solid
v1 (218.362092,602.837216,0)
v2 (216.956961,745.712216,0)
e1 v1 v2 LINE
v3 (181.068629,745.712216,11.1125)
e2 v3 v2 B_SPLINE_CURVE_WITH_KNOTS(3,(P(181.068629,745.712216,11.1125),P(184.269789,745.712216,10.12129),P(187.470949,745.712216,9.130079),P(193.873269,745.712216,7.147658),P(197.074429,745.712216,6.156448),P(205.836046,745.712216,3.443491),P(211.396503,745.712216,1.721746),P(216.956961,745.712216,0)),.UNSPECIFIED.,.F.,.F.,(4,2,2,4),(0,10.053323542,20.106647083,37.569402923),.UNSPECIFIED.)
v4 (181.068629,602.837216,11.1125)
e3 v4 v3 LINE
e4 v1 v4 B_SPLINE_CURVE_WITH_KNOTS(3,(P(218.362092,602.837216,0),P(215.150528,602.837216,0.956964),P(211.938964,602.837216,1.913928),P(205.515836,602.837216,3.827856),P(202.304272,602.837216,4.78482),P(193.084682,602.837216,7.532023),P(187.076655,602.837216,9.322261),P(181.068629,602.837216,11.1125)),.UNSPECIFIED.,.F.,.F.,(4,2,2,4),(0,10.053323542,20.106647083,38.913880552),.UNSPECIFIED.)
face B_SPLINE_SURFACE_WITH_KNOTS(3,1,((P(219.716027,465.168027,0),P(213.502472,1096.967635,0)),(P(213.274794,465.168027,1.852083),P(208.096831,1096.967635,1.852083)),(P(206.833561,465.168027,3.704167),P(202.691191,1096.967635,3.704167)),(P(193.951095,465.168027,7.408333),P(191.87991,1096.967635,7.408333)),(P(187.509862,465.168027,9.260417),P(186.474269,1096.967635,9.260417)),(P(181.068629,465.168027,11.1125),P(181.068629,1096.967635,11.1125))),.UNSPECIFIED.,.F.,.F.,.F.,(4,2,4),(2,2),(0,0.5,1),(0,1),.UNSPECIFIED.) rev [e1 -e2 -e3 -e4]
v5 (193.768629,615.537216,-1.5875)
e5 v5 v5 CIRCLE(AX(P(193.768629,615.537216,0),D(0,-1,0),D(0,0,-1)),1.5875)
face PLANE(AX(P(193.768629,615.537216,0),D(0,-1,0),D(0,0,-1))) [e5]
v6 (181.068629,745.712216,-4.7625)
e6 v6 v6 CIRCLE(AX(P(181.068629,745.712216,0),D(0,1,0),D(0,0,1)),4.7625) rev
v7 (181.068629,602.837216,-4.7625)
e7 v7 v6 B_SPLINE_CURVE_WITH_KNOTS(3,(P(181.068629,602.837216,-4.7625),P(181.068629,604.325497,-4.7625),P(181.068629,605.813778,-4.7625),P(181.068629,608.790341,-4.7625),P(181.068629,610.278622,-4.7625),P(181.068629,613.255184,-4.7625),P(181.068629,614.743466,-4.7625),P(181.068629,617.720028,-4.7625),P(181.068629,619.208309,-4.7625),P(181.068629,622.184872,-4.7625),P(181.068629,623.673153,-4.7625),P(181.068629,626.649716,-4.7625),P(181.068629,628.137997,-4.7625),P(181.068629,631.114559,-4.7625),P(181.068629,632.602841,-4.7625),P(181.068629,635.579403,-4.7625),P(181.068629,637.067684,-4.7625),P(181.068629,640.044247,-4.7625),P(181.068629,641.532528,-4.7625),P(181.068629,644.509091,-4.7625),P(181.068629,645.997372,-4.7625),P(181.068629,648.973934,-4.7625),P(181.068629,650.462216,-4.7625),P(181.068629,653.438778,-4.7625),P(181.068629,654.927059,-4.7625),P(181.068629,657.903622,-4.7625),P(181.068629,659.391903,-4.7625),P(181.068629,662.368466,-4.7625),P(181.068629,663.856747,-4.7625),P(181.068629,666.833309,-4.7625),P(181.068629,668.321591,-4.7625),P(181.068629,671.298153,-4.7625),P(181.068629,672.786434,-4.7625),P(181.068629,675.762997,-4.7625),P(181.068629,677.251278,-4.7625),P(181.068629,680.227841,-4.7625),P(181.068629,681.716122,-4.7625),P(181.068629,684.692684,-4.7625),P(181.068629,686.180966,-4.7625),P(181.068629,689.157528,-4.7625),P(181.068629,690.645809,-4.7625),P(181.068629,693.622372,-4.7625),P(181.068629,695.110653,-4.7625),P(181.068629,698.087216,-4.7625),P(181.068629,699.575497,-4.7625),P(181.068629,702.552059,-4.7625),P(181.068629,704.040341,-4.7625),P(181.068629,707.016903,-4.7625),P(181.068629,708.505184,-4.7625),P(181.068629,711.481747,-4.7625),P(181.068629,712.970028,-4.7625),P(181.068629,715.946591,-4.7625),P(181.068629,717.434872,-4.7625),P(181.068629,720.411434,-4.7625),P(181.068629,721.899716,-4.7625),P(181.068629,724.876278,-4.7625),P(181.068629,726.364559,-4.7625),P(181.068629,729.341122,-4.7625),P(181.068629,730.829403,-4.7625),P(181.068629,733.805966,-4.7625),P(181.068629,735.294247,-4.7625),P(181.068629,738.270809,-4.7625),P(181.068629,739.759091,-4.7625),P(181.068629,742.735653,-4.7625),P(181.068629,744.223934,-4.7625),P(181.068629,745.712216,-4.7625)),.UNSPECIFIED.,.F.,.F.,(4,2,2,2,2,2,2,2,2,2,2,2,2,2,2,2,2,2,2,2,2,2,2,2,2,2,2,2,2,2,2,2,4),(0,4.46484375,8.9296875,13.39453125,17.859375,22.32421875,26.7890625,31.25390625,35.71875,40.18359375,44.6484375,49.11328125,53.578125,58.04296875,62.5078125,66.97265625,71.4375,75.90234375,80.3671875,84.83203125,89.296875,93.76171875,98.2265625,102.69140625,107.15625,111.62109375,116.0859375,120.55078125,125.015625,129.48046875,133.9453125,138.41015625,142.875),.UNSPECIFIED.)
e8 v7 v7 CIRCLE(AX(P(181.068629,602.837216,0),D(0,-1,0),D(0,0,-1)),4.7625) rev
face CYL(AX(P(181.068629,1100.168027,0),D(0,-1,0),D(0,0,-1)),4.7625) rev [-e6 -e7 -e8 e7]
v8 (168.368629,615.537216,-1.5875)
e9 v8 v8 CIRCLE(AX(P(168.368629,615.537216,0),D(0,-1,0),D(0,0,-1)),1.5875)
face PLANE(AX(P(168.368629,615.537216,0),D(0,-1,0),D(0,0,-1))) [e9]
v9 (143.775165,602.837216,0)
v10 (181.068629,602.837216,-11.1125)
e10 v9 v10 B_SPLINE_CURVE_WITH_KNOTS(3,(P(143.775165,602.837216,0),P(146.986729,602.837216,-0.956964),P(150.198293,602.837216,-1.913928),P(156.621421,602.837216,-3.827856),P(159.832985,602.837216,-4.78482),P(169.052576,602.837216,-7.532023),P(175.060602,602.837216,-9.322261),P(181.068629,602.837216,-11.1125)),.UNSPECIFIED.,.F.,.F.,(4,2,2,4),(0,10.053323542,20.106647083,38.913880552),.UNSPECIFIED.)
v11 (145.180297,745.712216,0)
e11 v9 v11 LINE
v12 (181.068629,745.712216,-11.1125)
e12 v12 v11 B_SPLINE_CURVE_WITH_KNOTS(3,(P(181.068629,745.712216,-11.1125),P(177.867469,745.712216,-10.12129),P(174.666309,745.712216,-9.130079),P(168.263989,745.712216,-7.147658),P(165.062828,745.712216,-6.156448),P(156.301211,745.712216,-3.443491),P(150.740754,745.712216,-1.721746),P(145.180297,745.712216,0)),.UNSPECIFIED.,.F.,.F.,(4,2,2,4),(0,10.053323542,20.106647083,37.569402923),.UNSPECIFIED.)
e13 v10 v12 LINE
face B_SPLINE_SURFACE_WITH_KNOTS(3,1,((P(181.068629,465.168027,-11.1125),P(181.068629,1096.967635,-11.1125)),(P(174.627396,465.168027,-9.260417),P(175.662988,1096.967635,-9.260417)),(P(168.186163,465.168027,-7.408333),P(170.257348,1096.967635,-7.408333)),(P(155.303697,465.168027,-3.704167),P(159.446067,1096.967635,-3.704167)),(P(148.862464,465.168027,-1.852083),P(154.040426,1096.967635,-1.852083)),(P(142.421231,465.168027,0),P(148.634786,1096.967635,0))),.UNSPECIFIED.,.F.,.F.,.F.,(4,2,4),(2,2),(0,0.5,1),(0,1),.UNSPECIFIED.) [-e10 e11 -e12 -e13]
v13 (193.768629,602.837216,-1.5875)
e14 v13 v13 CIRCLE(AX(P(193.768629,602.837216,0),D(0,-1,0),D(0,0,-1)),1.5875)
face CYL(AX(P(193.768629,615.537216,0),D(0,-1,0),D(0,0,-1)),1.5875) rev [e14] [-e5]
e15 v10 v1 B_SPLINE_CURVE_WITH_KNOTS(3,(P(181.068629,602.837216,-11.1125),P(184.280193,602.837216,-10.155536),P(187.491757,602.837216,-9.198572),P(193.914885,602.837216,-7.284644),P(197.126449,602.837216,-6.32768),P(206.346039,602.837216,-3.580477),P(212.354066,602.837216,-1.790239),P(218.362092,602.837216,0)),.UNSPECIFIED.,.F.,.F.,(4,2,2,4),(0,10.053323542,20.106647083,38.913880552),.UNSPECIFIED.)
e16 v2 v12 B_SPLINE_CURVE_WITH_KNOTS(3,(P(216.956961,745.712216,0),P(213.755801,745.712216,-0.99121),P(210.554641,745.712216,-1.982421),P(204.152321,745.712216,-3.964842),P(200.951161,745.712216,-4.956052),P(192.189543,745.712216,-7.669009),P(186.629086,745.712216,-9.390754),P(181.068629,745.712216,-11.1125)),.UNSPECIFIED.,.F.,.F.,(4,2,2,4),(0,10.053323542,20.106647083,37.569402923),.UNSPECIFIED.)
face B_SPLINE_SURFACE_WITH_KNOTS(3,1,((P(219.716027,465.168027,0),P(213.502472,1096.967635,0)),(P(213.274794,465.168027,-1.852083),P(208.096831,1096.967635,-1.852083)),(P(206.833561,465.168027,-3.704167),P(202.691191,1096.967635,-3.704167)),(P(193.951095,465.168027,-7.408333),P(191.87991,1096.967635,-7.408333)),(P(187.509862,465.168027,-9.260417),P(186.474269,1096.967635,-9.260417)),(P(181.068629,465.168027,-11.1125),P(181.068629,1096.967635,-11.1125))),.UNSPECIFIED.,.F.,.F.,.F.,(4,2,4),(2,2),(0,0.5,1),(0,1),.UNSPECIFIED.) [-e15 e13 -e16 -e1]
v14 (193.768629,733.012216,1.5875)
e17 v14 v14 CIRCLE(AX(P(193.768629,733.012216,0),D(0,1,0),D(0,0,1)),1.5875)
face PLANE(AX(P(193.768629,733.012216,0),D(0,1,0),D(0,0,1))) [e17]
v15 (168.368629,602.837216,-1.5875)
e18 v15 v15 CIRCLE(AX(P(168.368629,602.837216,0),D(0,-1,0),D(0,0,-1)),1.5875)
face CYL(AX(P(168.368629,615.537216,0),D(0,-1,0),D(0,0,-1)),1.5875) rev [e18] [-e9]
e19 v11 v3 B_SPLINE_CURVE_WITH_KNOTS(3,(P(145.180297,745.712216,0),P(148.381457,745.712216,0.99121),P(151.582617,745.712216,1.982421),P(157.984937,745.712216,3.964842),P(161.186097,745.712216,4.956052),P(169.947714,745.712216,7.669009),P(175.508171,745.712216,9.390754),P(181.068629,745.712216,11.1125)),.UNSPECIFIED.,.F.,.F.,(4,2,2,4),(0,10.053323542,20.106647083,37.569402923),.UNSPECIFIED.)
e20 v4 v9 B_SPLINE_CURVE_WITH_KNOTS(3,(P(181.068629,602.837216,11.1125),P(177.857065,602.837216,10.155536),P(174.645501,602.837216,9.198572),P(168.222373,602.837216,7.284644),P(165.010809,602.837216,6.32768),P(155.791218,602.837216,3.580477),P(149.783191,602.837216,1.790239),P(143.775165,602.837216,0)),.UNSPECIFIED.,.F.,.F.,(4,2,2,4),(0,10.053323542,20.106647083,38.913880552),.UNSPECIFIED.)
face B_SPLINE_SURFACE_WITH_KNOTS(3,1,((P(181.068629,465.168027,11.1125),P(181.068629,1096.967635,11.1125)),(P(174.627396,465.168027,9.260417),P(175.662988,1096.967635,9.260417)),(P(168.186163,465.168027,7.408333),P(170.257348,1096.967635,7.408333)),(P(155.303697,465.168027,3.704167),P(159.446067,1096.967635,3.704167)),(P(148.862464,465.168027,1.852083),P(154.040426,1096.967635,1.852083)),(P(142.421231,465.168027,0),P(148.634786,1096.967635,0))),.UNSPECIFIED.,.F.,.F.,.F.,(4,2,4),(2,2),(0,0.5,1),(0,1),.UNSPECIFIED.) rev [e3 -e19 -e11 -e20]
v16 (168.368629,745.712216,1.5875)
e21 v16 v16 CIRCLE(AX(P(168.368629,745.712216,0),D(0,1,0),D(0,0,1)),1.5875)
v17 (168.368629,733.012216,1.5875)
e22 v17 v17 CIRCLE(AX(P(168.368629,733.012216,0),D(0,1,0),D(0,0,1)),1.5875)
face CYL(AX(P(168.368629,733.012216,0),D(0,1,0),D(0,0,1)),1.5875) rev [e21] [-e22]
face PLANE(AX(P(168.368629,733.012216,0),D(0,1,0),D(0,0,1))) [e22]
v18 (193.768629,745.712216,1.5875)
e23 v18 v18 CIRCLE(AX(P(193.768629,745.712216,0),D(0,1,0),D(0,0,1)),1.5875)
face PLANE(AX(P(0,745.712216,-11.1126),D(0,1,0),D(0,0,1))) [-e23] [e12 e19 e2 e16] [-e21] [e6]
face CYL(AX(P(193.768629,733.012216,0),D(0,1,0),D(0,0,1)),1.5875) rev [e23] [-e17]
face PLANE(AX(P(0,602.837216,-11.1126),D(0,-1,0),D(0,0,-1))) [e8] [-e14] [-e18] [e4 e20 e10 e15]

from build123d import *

# Parameters (mm, degrees)
BOSS_EXTRUDE1_DEPTH      = 11.1125
BOSS_EXTRUDE1_DEPTH_BACK = 11.1125
SKETCH5_W                = 109.877468776
SKETCH5_H                = 283.051122129
CUT_EXTRUDE2_DEPTH       = 1193.492852366
SKETCH6_W                = 149.121482991
SKETCH6_H                = 108.921761737
CUT_EXTRUDE3_DEPTH       = 1175.662940665
SKETCH7_R                = 4.7625
CUT_EXTRUDE4_DEPTH       = 635
CUT_EXTRUDE8_DEPTH       = 1195.766301895
CUT_EXTRUDE8_DEPTH_BACK  = 1195.766301895
SKETCH8_W                = 149.774750394
SKETCH8_H                = 148.832770831
SKETCH8_H_2              = 142.875
SKETCH8_H_3              = 176.125878949
SKETCH11_R               = 1.5875
CUT_EXTRUDE9_DEPTH       = 12.7
CUT_EXTRUDE10_START      = -12.7
SKETCH12_R               = 1.5875
CUT_EXTRUDE10_DEPTH      = 12.7


with BuildPart() as part:
    # Sketch1 → Boss-Extrude1 (new, two sides: drawn at the far end of the back side and taken through both)
    with BuildSketch(Plane.XY.offset(-BOSS_EXTRUDE1_DEPTH_BACK)):
        Polygon((142.42123069, 465.168027231), (219.716026672, 465.168027231), (213.502471629, 1096.967634552), (181.068628681, 1174.337215652), (148.634785732, 1096.967634552), align=None)
    extrude(amount=BOSS_EXTRUDE1_DEPTH + BOSS_EXTRUDE1_DEPTH_BACK)

    # Sketch2 → Cut-Loft1 section 0
    with BuildSketch(Plane.XZ.offset(-465.168027231)):
        with BuildLine():
            Line((142.42123069, 0), (181.068628681, 11.1125))
            Line((181.068628681, 11.1125), (219.716026672, 0))
            Line((219.716026672, 0), (222.70513775, 0))
            Line((222.70513775, 0), (222.70513775, 15.258366339))
            Line((222.70513775, 15.258366339), (137.848628215, 15.258366339))
            Line((137.848628215, 15.258366339), (137.848628215, 0))
            Line((137.848628215, 0), (142.42123069, 0))
        make_face()
    # Sketch3 → Cut-Loft1 section 1
    with BuildSketch(Plane(origin=(0, 1096.967634552, 0), x_dir=(1, 0, 0), z_dir=(0, 1, 0))):
        with BuildLine():
            Line((213.502471629, 0), (181.068628681, -11.1125))
            Line((181.068628681, -11.1125), (148.634785732, 0))
            Line((148.634785732, 0), (137.848628215, 0))
            Line((137.848628215, 0), (137.848628215, -15.258366339))
            Line((137.848628215, -15.258366339), (222.70513775, -15.258366339))
            Line((222.70513775, -15.258366339), (222.70513775, 0))
            Line((222.70513775, 0), (213.502471629, 0))
        make_face()
    cut_loft1 = loft(mode=Mode.SUBTRACT)

    # Mirror1: Cut-Loft1 across plane
    add(cut_loft1.mirror(Plane.XY), mode=Mode.SUBTRACT)

    # Sketch5 → Cut-Extrude2 (cut, through all)
    with BuildSketch(Plane(origin=(-32.103098407, 13.457832356, 93.698704331), x_dir=(0.9470206004067627, 0.045661094409327196, 0.31791043842968925), z_dir=(-0.3211728232668741, 0.1346377834927197, 0.937401026696127))):
        with Locations((219.349244299, 1139.303724701)):
            Rectangle(SKETCH5_W, SKETCH5_H)
    cut_extrude2 = extrude(amount=CUT_EXTRUDE2_DEPTH, mode=Mode.SUBTRACT)

    # Sketch6 → Cut-Extrude3 (cut, through all)
    with BuildSketch(Plane(origin=(69.458274406, 29.117370568, 202.726547902), x_dir=(0.9470206004067623, -0.045661094409327495, -0.31791043842969063), z_dir=(0.3211728232668754, 0.13463778349272, 0.9374010266961263))):
        with Locations((131.752816965, 1118.922251835)):
            Rectangle(SKETCH6_W, SKETCH6_H)
    cut_extrude3 = extrude(amount=CUT_EXTRUDE3_DEPTH, mode=Mode.SUBTRACT)

    # Mirror2: Cut-Extrude2, Cut-Extrude3 across plane
    add(cut_extrude2.mirror(Plane.XY), mode=Mode.SUBTRACT)
    add(cut_extrude3.mirror(Plane.XY), mode=Mode.SUBTRACT)

    # Sketch7 → Cut-Extrude4 (cut)
    with BuildSketch(Plane.XZ.offset(-465.168027231)):
        with Locations(Location((181.068628681, 0, 0), (0, 0, 270))):
            Circle(SKETCH7_R)
    extrude(amount=-CUT_EXTRUDE4_DEPTH, mode=Mode.SUBTRACT)

    # Sketch8 → Cut-Extrude8 (cut, two sides: drawn at the far end of the back side and taken through both)
    with BuildSketch(Plane.XY.offset(-CUT_EXTRUDE8_DEPTH_BACK)):
        with Locations((180.5976389, 528.420830237)):
            Rectangle(SKETCH8_W, SKETCH8_H)
        with Locations((180.5976389, 817.149715652)):
            Rectangle(SKETCH8_W, SKETCH8_H_2)
        with Locations((180.5976389, 960.024715652)):
            Rectangle(SKETCH8_W, SKETCH8_H_2)
        with Locations((180.5976389, 1119.525155127)):
            Rectangle(SKETCH8_W, SKETCH8_H_3)
    extrude(amount=CUT_EXTRUDE8_DEPTH + CUT_EXTRUDE8_DEPTH_BACK, mode=Mode.SUBTRACT)

    # Sketch11 → Cut-Extrude9 (cut)
    with BuildSketch(Plane(origin=(0, 745.712215652, 0), x_dir=(1, 0, 0), z_dir=(0, 1, 0))):
        with Locations(Location((168.368628681, 0, 0), (0, 0, 270))):
            Circle(SKETCH11_R)
        with Locations(Location((193.768628681, 0, 0), (0, 0, 270))):
            Circle(SKETCH11_R)
    extrude(amount=-CUT_EXTRUDE9_DEPTH, mode=Mode.SUBTRACT)

    # Sketch12 → Cut-Extrude10 (cut)
    with BuildSketch(Plane.XZ.offset(-602.837215652).offset(CUT_EXTRUDE10_START)):
        with Locations(Location((168.368628681, 0, 0), (0, 0, 90))):
            Circle(SKETCH12_R)
        with Locations(Location((193.768628681, 0, 0), (0, 0, 90))):
            Circle(SKETCH12_R)
    extrude(amount=CUT_EXTRUDE10_DEPTH, mode=Mode.SUBTRACT)


solid = part.part
